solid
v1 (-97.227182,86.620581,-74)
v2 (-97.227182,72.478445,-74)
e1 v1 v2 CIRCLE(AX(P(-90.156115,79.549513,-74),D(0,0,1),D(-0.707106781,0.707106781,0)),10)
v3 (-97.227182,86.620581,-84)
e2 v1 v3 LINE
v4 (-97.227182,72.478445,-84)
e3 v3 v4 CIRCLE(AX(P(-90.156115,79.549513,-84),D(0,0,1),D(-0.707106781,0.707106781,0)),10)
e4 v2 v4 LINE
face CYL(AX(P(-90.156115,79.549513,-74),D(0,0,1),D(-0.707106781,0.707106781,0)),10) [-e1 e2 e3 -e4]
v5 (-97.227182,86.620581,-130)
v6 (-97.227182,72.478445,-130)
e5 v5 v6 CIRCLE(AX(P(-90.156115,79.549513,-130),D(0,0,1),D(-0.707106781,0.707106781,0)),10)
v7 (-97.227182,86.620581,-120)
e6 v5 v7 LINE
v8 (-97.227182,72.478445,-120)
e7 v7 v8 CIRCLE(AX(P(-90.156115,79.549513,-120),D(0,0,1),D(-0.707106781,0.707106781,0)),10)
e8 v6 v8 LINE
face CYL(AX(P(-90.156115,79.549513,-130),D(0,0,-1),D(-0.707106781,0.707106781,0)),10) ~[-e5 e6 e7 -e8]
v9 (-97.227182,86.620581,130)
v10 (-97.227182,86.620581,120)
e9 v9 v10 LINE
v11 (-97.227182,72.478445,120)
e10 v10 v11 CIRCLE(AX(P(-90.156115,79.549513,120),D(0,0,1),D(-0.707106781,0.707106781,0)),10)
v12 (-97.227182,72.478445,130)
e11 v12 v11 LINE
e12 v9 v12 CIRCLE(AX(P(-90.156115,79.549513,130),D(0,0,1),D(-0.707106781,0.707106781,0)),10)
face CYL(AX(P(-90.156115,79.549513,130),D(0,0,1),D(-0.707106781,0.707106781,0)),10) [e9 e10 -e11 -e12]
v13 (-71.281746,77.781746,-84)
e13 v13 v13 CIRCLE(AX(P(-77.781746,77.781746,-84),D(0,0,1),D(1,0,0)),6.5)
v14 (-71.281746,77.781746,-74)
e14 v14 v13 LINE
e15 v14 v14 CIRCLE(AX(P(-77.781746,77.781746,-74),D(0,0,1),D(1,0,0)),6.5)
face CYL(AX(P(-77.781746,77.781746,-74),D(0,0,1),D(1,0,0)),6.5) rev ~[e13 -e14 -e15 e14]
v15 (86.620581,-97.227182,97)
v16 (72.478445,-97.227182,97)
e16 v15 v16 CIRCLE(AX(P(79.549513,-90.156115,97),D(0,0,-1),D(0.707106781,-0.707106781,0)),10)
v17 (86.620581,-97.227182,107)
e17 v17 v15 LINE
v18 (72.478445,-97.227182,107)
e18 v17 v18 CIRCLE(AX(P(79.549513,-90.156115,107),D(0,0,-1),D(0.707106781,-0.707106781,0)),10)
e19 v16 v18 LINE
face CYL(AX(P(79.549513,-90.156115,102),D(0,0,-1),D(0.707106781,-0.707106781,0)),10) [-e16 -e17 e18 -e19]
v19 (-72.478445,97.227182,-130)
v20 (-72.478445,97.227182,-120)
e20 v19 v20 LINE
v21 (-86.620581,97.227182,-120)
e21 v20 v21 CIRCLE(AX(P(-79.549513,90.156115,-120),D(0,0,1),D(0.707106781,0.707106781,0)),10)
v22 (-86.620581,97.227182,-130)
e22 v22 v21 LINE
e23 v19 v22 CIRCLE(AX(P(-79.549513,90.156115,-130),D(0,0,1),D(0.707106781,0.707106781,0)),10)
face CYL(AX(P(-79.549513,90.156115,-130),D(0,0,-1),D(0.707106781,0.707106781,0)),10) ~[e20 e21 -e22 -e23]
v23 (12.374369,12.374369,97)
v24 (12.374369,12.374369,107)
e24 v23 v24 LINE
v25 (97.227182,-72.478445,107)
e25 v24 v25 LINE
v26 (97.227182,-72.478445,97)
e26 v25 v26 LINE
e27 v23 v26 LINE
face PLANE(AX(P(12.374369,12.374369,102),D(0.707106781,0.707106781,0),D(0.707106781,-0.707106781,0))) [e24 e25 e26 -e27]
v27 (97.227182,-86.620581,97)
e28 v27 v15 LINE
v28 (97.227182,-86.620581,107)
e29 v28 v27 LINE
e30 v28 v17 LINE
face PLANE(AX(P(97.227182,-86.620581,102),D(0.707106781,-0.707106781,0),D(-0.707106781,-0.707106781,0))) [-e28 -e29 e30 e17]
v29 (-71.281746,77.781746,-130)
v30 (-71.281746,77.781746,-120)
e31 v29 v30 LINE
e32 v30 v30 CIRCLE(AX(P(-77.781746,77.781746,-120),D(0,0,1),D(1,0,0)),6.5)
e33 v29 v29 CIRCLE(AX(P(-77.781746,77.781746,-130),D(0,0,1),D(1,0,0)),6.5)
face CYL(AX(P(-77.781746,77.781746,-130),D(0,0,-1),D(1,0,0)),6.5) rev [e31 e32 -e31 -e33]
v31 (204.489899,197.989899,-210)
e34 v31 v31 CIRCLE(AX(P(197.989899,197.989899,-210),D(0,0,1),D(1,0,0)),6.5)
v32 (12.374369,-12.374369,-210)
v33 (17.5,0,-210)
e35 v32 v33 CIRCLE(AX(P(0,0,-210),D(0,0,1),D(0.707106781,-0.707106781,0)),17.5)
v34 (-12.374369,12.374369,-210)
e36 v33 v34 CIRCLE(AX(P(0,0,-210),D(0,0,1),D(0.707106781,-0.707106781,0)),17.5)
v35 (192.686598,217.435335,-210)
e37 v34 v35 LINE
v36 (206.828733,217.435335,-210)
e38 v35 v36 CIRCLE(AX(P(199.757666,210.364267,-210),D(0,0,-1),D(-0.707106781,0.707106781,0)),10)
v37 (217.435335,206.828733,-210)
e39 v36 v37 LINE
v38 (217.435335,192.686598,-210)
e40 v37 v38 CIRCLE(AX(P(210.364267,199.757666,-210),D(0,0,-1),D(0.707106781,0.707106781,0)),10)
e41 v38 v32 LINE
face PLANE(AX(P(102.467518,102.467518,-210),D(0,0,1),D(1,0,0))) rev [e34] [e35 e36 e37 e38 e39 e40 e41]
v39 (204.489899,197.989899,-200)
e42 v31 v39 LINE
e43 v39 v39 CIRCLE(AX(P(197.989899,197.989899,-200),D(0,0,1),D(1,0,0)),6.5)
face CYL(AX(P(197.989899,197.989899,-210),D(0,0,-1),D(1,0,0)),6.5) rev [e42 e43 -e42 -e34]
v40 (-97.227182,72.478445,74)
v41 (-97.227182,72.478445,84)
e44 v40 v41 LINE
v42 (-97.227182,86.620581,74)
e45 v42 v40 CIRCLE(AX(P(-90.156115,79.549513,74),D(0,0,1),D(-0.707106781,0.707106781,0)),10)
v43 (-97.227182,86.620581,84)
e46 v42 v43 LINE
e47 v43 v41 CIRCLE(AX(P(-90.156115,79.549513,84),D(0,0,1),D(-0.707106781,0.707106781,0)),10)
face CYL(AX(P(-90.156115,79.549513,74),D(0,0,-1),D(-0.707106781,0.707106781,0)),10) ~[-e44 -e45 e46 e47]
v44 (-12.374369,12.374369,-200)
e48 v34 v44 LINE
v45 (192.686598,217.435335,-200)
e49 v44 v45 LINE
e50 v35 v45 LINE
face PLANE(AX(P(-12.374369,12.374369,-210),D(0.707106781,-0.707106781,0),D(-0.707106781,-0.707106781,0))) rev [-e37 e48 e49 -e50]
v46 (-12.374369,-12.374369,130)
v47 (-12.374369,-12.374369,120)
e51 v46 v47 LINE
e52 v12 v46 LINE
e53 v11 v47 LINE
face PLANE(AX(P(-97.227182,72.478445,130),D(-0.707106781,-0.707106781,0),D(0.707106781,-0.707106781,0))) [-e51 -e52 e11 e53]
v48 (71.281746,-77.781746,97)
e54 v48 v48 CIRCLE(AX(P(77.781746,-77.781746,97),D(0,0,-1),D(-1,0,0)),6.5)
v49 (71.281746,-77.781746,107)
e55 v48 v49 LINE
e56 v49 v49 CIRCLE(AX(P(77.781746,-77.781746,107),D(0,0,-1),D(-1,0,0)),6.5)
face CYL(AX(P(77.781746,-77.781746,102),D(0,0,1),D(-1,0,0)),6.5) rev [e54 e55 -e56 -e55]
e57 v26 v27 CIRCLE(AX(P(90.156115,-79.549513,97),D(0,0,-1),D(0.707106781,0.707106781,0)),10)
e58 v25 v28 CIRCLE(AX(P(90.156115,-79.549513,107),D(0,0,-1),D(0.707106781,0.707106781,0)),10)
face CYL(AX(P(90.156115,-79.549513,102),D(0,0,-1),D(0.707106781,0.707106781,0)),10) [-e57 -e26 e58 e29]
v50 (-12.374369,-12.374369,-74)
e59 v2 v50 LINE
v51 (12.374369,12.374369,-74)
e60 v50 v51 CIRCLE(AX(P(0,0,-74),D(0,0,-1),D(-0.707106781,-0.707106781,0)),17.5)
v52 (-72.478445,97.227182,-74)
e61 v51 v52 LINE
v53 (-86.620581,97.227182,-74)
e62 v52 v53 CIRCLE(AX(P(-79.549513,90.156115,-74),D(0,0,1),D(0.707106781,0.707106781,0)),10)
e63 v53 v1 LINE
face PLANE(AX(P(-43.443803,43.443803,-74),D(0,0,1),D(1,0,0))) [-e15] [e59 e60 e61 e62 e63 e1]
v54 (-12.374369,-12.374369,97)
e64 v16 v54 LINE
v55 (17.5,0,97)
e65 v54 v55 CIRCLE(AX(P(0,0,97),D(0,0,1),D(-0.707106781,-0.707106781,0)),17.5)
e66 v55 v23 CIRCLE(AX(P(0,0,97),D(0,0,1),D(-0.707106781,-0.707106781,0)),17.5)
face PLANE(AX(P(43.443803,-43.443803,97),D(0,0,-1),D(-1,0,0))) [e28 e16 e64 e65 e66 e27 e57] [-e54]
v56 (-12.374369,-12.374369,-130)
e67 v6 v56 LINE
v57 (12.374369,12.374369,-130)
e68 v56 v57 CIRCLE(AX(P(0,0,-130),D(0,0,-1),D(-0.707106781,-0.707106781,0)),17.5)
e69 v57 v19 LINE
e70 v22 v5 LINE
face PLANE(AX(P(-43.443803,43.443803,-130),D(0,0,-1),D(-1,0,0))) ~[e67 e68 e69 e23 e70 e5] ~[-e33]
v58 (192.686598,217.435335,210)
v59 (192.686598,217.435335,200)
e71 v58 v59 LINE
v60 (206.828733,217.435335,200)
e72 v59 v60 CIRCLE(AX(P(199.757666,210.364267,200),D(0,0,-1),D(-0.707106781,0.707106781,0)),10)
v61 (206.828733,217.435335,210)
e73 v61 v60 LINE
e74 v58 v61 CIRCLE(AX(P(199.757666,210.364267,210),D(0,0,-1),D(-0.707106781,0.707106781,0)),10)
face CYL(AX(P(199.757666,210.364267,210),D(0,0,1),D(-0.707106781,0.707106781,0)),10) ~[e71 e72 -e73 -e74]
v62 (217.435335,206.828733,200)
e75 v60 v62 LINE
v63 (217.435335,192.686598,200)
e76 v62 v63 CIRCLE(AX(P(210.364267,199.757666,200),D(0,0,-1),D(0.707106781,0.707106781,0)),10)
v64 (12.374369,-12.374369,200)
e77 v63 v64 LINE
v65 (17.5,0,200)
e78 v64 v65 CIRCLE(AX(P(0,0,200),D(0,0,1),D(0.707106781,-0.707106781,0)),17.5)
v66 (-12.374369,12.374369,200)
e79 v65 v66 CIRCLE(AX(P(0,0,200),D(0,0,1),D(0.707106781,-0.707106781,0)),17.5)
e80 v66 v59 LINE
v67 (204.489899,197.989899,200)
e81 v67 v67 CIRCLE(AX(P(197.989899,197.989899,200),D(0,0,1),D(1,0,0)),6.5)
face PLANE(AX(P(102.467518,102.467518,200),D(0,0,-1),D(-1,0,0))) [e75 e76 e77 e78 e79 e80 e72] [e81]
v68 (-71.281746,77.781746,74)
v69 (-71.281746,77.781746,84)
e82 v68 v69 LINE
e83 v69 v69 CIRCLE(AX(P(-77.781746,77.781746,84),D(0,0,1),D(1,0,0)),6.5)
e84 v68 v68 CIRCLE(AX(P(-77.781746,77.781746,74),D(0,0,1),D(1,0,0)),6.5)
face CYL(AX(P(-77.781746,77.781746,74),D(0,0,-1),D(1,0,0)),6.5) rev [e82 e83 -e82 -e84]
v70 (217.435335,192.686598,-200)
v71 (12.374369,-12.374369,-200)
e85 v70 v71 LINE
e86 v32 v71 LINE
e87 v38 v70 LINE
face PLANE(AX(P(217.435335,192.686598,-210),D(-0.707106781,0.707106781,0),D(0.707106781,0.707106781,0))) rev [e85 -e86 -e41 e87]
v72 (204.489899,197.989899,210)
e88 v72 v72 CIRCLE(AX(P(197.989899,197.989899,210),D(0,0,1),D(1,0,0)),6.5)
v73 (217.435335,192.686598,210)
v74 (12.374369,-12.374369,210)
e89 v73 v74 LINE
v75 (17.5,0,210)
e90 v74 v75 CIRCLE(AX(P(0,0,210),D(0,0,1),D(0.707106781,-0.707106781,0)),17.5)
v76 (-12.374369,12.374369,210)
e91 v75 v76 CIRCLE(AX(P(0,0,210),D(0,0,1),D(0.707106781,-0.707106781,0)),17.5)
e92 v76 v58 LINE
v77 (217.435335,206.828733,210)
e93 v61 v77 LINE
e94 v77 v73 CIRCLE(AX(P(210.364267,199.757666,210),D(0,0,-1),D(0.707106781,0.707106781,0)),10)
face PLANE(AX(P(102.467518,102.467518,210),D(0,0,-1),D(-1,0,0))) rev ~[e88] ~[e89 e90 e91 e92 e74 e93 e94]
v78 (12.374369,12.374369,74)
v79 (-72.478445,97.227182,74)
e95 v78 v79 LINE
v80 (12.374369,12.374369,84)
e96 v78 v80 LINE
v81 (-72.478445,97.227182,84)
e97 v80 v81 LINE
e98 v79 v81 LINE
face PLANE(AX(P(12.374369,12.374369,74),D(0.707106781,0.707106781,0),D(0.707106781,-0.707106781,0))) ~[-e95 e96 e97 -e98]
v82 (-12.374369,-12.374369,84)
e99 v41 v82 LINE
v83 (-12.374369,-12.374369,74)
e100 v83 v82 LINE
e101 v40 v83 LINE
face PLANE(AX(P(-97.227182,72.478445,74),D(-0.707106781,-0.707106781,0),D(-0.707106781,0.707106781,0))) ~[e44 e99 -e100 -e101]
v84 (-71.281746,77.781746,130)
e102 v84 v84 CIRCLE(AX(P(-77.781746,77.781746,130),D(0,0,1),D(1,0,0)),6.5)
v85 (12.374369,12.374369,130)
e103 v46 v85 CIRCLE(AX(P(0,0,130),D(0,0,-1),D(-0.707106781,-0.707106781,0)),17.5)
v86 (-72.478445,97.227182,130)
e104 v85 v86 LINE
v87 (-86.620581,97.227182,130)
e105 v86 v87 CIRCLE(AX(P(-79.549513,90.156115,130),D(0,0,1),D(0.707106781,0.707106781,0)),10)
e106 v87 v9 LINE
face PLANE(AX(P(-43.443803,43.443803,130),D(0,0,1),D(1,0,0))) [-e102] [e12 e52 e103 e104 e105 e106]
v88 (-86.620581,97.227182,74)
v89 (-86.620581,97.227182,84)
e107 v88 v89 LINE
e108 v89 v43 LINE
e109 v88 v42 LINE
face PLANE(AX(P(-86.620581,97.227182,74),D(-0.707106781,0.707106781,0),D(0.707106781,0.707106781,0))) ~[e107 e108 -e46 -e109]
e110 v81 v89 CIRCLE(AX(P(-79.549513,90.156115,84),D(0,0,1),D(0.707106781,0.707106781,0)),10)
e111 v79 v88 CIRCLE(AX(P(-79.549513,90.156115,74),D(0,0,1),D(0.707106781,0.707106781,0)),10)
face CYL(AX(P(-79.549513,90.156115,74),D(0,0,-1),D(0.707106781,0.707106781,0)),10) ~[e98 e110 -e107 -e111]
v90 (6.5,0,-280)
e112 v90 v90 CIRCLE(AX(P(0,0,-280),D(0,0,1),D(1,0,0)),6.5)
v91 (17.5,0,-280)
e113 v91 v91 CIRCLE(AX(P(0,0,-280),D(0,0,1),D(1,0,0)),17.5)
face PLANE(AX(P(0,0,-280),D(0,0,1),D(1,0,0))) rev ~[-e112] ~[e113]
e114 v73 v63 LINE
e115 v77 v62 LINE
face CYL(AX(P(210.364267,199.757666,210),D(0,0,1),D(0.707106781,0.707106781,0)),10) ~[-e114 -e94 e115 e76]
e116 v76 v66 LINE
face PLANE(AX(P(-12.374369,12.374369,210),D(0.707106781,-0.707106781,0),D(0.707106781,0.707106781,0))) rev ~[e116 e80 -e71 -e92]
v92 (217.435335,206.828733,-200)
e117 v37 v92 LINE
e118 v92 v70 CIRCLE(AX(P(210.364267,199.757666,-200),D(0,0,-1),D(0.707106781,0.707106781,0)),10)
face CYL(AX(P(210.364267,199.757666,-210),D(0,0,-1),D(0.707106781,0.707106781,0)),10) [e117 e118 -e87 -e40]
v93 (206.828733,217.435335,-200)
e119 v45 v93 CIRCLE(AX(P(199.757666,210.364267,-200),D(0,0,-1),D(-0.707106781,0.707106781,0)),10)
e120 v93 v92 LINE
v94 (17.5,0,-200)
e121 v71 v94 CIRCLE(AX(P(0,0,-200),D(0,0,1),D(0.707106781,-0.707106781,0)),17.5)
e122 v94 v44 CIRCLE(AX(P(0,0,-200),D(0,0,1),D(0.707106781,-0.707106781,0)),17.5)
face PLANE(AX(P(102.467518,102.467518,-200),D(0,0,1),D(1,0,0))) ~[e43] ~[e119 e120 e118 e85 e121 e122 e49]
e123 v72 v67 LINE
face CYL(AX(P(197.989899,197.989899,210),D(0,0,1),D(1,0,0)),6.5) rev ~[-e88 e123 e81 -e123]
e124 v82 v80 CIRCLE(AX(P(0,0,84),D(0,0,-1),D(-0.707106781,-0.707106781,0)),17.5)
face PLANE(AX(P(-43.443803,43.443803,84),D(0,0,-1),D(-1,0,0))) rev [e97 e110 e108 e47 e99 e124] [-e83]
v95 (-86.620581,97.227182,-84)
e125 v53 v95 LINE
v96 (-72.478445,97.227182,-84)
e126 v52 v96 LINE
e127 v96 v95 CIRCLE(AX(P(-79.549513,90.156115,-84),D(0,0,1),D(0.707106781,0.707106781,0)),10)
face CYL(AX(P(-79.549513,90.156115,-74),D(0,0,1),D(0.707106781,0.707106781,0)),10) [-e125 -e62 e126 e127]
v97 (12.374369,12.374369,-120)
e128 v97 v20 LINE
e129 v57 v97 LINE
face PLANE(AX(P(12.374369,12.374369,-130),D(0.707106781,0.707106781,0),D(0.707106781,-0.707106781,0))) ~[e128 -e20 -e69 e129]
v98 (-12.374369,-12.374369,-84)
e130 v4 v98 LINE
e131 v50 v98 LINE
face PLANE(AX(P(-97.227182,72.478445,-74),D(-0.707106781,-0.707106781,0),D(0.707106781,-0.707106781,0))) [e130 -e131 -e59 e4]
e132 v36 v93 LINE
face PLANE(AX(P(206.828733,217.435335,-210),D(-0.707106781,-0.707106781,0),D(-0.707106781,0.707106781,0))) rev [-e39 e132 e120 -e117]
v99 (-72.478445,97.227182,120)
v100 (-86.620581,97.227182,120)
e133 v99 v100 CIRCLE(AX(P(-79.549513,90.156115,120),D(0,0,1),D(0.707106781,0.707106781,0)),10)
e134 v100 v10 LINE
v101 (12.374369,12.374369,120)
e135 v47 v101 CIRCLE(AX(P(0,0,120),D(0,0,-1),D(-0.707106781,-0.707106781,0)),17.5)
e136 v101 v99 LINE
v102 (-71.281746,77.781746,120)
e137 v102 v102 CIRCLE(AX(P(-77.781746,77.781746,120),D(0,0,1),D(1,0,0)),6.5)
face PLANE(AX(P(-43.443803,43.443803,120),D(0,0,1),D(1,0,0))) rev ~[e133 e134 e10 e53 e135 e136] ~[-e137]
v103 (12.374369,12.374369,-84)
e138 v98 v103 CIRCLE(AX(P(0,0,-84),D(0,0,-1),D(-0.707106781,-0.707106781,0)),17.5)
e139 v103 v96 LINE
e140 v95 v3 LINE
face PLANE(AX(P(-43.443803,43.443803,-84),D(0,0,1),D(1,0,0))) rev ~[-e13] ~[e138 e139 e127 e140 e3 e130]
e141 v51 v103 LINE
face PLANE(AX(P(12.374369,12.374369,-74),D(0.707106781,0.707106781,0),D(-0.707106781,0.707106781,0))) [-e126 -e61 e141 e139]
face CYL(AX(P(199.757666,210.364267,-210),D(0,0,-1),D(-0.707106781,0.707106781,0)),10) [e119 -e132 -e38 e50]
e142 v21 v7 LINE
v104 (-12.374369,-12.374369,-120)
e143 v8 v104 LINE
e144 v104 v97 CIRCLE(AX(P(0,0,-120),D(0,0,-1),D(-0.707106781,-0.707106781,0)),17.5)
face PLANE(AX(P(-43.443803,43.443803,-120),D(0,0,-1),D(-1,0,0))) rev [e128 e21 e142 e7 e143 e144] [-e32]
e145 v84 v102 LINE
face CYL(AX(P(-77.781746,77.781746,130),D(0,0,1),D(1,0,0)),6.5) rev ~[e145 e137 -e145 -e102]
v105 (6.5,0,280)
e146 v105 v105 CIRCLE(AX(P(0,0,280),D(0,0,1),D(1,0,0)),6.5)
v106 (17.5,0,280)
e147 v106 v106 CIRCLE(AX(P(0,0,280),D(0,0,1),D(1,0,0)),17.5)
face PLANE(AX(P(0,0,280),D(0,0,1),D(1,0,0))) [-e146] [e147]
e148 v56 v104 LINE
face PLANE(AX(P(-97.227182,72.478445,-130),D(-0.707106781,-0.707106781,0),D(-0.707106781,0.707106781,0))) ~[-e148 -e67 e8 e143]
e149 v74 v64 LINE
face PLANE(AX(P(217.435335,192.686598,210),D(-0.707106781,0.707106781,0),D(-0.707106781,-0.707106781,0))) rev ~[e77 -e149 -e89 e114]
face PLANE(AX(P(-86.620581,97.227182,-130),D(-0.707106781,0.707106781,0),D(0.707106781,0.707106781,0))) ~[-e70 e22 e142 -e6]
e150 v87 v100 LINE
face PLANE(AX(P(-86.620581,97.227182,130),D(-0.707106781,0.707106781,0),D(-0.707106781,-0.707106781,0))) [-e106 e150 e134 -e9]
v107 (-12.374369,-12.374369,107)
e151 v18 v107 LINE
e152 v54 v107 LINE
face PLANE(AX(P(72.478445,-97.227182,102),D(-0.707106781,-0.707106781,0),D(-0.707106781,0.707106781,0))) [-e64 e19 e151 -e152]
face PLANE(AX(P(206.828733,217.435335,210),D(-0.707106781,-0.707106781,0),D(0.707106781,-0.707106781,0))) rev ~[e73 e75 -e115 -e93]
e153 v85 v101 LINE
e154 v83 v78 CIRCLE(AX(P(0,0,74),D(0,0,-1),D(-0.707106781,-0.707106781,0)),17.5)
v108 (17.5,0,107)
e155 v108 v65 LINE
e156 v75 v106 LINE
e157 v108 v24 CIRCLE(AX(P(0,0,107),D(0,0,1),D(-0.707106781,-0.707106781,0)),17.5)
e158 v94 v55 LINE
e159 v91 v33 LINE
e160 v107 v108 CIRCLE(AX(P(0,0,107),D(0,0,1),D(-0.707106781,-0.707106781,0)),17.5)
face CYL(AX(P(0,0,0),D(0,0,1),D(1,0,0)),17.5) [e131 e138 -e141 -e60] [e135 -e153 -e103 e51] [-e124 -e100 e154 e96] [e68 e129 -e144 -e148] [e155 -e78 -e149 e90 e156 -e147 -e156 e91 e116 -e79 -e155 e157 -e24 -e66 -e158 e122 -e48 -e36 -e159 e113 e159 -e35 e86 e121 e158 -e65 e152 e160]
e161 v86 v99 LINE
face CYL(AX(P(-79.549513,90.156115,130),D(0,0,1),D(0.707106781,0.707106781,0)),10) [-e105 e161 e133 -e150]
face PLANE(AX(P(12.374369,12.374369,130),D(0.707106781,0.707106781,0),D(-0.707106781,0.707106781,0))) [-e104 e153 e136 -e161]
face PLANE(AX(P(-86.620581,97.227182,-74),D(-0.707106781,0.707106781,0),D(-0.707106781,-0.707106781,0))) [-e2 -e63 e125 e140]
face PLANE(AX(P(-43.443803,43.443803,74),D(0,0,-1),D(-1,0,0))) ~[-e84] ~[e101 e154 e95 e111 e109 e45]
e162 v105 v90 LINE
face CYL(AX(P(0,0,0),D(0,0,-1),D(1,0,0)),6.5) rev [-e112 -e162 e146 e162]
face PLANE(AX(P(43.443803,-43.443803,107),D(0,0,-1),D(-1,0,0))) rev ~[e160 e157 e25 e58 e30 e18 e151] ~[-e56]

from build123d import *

# Parameters (mm, degrees)
SKETCH1_R               = 17.5
SKETCH1_R_2             = 6.5
BOSS_EXTRUDE1_DEPTH     = 280
SKETCH2_R               = 6.5
BOSS_EXTRUDE2_DEPTH     = 10
SKETCH3_R               = 6.5
BOSS_EXTRUDE3_DEPTH     = 10
MIRROR3_COPY_1_SKETCH_R = 6.5
MIRROR3_COPY_1_DEPTH    = 10
SKETCH4_R               = 6.5
BOSS_EXTRUDE4_DEPTH     = 5


with BuildPart() as part:
    # Sketch1 → Boss-Extrude1 (new, symmetric)
    with BuildSketch(Plane.XY):
        Circle(SKETCH1_R)
        Circle(SKETCH1_R_2, mode=Mode.SUBTRACT)
    extrude(amount=BOSS_EXTRUDE1_DEPTH, both=True)

    # Sketch2 → Boss-Extrude2 (add)
    with BuildSketch(Plane.XY.offset(210)):
        with BuildLine():
            Line((-12.374368671, 12.374368671), (192.686597873, 217.435335215))
            ThreePointArc((192.686597873, 217.435335215), (199.757665685, 220.364267403), (206.828733497, 217.435335215))
            Line((206.828733497, 217.435335215), (217.435335215, 206.828733497))
            ThreePointArc((217.435335215, 206.828733497), (220.364267403, 199.757665685), (217.435335215, 192.686597873))
            Line((217.435335215, 192.686597873), (12.374368671, -12.374368671))
            ThreePointArc((12.374368671, -12.374368671), (12.374368671, 12.374368671), (-12.374368671, 12.374368671))
        make_face()
        with Locations((197.989898732, 197.989898732)):
            Circle(SKETCH2_R, mode=Mode.SUBTRACT)
    boss_extrude2 = extrude(amount=-BOSS_EXTRUDE2_DEPTH)

    # Mirror1: Boss-Extrude2 across plane
    add(boss_extrude2.mirror(Plane.XY))

    # Sketch3 → Boss-Extrude3 (add)
    with BuildSketch(Plane.XY.offset(130)):
        with BuildLine():
            Line((12.374368671, 12.374368671), (-72.478445072, 97.227182413))
            ThreePointArc((-72.478445072, 97.227182413), (-79.549512883, 100.156114601), (-86.620580695, 97.227182413))
            Line((-86.620580695, 97.227182413), (-97.227182413, 86.620580695))
            ThreePointArc((-97.227182413, 86.620580695), (-100.156114601, 79.549512883), (-97.227182413, 72.478445072))
            Line((-97.227182413, 72.478445072), (-12.374368671, -12.374368671))
            ThreePointArc((-12.374368671, -12.374368671), (-12.374368671, 12.374368671), (12.374368671, 12.374368671))
        make_face()
        with Locations((-77.781745931, 77.781745931)):
            Circle(SKETCH3_R, mode=Mode.SUBTRACT)
    boss_extrude3 = extrude(amount=-BOSS_EXTRUDE3_DEPTH)

    # Mirror2: Boss-Extrude3 across plane
    add(boss_extrude3.mirror(Plane(origin=(0, 0, 102), x_dir=(1, 0, 0), z_dir=(0, 0, -1))))

    # Mirror3: Boss-Extrude3 across plane
    add(boss_extrude3.mirror(Plane.XY))

    # Mirror3 copy 1 sketch → Mirror3 copy 1 (add)
    with BuildSketch(Plane.XY.offset(-74)):
        with BuildLine():
            Line((12.374368671, 12.374368671), (-72.478445072, 97.227182413))
            ThreePointArc((-72.478445072, 97.227182413), (-79.549512883, 100.156114601), (-86.620580695, 97.227182413))
            Line((-86.620580695, 97.227182413), (-97.227182413, 86.620580695))
            ThreePointArc((-97.227182413, 86.620580695), (-100.156114601, 79.549512883), (-97.227182413, 72.478445072))
            Line((-97.227182413, 72.478445072), (-12.374368671, -12.374368671))
            ThreePointArc((-12.374368671, -12.374368671), (-12.374368671, 12.374368671), (12.374368671, 12.374368671))
        make_face()
        with Locations((-77.781745931, 77.781745931)):
            Circle(MIRROR3_COPY_1_SKETCH_R, mode=Mode.SUBTRACT)
    extrude(amount=-MIRROR3_COPY_1_DEPTH)

    # Sketch4 → Boss-Extrude4 (add, symmetric)
    with BuildSketch(Plane(origin=(0, 0, 102), x_dir=(-1, 0, 0), z_dir=(0, 0, -1))):
        with BuildLine():
            Line((-12.374368671, 12.374368671), (-97.227182413, -72.478445072))
            ThreePointArc((-97.227182413, -72.478445072), (-100.156114601, -79.549512883), (-97.227182413, -86.620580695))
            Line((-97.227182413, -86.620580695), (-86.620580695, -97.227182413))
            ThreePointArc((-86.620580695, -97.227182413), (-79.549512883, -100.156114601), (-72.478445072, -97.227182413))
            Line((-72.478445072, -97.227182413), (12.374368671, -12.374368671))
            ThreePointArc((12.374368671, -12.374368671), (-12.374368671, -12.374368671), (-12.374368671, 12.374368671))
        make_face()
        with Locations((-77.781745931, -77.781745931)):
            Circle(SKETCH4_R, mode=Mode.SUBTRACT)
    extrude(amount=BOSS_EXTRUDE4_DEPTH, both=True)


solid = part.part
